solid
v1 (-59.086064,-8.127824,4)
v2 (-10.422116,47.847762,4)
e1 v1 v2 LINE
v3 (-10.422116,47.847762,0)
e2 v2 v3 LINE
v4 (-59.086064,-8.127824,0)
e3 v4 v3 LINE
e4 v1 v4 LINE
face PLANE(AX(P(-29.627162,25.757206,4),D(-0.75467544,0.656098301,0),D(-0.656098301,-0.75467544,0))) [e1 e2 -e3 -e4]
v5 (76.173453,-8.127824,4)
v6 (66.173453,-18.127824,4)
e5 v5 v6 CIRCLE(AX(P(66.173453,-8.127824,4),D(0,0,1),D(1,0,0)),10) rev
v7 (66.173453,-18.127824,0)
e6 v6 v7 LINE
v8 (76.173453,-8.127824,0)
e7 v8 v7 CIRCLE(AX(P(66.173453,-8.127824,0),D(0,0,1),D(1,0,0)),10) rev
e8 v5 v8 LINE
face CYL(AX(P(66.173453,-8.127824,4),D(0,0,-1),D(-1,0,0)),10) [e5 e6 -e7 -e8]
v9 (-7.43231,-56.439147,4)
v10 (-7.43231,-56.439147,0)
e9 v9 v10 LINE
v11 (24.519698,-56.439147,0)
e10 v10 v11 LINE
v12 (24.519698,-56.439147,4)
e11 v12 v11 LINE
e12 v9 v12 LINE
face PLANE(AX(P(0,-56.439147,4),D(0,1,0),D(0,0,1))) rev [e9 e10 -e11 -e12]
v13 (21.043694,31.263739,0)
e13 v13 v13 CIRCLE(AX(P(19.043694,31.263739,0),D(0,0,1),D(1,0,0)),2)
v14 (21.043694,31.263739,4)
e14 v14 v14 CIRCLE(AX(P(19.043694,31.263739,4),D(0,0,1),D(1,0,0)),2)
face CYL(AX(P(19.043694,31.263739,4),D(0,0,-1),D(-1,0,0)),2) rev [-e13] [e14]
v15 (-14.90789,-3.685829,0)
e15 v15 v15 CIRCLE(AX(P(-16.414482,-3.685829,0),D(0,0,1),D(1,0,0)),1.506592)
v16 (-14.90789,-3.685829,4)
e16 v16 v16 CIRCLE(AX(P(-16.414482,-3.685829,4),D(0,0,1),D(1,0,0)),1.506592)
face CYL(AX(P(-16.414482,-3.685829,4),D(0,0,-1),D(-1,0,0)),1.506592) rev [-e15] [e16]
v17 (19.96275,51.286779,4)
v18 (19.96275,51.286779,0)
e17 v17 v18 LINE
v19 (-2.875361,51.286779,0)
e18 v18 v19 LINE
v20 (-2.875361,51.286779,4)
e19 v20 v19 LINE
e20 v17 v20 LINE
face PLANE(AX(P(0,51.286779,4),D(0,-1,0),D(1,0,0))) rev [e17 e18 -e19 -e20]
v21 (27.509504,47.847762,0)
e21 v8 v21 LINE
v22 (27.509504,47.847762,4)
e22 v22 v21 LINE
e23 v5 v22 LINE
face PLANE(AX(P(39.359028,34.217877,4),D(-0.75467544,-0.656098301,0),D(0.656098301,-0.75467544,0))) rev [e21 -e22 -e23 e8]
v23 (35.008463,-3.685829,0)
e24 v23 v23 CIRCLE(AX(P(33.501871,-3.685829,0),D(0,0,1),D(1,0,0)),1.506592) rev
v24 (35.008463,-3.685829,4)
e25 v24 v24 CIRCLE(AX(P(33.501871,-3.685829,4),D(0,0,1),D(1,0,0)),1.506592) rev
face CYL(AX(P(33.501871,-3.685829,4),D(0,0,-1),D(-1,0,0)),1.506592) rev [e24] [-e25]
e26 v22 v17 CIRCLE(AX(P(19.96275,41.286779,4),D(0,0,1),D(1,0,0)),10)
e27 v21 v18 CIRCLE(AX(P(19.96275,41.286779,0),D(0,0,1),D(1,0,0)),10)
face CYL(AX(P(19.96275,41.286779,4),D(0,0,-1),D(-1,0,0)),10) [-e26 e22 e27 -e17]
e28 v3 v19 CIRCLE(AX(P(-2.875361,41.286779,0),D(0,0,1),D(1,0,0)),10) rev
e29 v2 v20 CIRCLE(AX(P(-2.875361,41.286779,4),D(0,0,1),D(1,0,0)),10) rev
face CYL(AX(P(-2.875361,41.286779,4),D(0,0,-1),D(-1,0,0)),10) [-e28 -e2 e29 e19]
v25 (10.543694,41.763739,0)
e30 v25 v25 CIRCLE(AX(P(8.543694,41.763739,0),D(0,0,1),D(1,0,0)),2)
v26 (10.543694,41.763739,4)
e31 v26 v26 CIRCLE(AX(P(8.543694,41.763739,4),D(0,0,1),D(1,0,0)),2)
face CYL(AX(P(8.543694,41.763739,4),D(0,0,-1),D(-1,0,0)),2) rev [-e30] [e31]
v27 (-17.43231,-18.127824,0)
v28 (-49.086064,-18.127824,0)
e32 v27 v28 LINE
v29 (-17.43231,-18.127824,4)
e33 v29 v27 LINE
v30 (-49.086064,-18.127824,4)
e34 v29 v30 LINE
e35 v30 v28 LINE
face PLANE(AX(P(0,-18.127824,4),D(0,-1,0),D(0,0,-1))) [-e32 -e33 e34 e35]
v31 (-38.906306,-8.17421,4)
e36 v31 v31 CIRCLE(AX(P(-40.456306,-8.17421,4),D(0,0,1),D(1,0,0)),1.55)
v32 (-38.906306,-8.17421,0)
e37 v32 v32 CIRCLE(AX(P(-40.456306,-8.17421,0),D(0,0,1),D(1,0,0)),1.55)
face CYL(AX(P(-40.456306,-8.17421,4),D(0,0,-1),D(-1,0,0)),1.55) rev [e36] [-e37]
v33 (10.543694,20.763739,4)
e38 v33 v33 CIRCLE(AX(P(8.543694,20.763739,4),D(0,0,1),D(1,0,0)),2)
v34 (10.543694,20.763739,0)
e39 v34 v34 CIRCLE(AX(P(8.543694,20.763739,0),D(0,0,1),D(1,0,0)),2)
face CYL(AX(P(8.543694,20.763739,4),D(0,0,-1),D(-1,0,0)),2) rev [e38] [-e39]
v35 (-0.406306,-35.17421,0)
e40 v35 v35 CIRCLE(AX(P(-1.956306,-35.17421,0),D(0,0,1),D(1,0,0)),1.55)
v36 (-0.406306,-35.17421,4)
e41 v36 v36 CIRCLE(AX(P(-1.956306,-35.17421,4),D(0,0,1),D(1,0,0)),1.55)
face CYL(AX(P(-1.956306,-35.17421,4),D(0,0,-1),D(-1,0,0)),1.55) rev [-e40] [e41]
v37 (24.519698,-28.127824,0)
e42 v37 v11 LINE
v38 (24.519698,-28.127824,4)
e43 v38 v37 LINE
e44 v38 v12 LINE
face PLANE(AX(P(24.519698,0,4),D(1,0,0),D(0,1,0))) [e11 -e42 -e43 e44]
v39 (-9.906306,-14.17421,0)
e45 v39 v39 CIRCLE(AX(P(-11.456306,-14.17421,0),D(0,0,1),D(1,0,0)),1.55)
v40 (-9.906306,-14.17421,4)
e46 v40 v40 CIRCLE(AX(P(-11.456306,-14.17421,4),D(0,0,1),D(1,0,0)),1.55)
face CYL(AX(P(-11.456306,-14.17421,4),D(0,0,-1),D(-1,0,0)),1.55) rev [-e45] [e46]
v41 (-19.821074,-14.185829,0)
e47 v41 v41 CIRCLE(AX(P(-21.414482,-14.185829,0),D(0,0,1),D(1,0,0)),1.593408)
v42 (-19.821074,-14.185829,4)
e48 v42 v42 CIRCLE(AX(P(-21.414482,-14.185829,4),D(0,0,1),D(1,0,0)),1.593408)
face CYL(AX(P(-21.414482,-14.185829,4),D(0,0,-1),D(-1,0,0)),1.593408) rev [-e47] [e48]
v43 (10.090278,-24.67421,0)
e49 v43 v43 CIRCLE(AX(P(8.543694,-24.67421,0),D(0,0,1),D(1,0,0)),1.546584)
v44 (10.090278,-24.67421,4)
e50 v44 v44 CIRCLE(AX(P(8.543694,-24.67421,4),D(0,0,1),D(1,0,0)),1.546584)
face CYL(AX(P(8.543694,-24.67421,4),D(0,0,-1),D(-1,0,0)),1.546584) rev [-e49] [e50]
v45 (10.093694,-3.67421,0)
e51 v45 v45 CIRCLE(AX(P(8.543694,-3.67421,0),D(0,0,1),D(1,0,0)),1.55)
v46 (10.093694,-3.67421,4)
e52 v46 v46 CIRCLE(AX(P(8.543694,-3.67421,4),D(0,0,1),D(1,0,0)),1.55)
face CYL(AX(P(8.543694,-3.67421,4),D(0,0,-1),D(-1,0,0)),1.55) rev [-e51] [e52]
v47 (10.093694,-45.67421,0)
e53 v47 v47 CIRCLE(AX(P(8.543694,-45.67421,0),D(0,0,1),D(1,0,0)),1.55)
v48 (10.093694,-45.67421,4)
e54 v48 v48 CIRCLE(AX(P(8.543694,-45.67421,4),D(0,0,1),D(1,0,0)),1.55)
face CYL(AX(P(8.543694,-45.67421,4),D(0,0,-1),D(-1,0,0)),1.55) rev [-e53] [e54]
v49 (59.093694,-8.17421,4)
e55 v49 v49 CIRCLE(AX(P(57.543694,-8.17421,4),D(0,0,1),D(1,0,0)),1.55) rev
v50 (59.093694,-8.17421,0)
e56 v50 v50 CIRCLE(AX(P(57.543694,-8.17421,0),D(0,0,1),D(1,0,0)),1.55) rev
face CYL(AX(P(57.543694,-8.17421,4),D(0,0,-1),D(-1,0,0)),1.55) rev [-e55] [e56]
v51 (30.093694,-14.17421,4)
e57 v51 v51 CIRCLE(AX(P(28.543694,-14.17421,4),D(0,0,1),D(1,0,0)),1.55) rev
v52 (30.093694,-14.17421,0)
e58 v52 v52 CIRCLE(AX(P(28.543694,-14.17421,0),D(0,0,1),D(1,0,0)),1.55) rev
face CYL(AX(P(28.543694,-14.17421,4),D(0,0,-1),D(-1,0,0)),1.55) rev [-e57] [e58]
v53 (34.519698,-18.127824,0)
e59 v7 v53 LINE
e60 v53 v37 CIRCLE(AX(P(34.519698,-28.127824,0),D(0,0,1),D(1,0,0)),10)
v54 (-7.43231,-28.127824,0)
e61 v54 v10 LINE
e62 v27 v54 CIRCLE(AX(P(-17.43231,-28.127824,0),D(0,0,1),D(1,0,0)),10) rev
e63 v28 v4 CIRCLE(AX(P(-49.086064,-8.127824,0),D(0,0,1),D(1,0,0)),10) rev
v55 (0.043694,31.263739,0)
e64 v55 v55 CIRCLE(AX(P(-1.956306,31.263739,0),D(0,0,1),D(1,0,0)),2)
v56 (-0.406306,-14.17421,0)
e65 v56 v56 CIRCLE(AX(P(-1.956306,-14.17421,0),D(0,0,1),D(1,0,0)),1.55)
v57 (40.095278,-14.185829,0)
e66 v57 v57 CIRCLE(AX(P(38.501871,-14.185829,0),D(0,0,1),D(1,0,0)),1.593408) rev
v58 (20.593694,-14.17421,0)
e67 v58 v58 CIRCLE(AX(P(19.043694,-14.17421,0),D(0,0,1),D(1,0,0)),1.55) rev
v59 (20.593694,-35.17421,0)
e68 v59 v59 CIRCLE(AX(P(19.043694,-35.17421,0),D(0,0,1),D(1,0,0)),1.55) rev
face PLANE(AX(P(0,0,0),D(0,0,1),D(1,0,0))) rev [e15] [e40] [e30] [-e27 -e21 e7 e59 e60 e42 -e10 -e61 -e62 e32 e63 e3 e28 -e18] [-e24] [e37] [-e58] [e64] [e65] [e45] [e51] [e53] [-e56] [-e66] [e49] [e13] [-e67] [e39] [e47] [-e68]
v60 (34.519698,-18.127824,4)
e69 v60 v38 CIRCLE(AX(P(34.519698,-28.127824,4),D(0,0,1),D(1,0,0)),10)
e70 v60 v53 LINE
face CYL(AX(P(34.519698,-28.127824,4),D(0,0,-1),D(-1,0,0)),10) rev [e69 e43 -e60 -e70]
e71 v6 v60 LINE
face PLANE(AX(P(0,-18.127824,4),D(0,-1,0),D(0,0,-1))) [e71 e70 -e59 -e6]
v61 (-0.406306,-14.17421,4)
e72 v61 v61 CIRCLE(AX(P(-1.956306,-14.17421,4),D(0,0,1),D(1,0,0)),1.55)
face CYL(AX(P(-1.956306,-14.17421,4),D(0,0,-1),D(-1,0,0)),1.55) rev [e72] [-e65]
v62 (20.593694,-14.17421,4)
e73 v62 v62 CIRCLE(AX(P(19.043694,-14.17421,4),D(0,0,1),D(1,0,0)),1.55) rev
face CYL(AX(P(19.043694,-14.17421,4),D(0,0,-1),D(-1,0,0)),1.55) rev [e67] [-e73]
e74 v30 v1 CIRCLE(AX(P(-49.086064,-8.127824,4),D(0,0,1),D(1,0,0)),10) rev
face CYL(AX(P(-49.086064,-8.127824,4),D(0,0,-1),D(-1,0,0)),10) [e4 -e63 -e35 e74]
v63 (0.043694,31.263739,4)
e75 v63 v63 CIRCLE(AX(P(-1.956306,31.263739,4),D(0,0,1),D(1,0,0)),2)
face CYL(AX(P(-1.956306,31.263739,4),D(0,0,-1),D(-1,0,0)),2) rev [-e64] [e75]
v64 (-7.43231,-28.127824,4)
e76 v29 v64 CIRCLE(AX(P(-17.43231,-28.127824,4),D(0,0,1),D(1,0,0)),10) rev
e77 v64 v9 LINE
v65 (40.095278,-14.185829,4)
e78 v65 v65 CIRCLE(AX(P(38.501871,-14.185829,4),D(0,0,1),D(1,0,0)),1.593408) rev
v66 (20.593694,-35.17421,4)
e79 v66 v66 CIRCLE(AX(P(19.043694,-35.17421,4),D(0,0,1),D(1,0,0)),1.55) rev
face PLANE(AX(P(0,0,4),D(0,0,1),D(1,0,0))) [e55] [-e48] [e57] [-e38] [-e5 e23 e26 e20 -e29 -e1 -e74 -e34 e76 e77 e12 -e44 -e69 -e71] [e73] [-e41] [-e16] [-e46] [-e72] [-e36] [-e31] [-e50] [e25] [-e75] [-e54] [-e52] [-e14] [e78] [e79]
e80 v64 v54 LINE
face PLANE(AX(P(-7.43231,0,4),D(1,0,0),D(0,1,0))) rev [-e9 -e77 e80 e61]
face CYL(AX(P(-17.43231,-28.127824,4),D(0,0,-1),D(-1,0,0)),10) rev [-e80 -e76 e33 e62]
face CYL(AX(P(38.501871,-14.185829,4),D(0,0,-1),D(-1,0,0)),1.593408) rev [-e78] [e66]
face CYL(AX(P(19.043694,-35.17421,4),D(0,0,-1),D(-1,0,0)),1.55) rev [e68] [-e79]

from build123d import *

# Parameters (mm, degrees)
SKETCH_1_R      = 1.55
SKETCH_1_R_2    = 1.593407699
SKETCH_1_R_3    = 1.506592301
SKETCH_1_R_4    = 1.546583653
SKETCH_1_R_5    = 2
EXTRUDE_1_DEPTH = 4


with BuildPart() as part:
    # 草图1 → 凸台-拉伸1 (new body)
    with BuildSketch(Plane.XY):
        with BuildLine():
            Line((-49.086064172, -18.127823684), (-41.682309555, -18.127823684))
            Line((-41.682309555, -18.127823684), (-17.432309555, -18.127823684))
            ThreePointArc((-17.432309555, -18.127823684), (-10.361241743, -21.056755872), (-7.432309555, -28.127823684))
            Line((-7.432309555, -28.127823684), (-7.432309555, -56.439146577))
            Line((-7.432309555, -56.439146577), (24.519698232, -56.439146577))
            Line((24.519698232, -56.439146577), (24.519698232, -28.127823684))
            ThreePointArc((24.519698232, -28.127823684), (27.44863042, -21.056755872), (34.519698232, -18.127823684))
            Line((34.519698232, -18.127823684), (58.769698232, -18.127823684))
            Line((58.769698232, -18.127823684), (66.173452848, -18.127823684))
            ThreePointArc((66.173452848, -18.127823684), (73.24452066, -15.198891495), (76.173452848, -8.127823684))
            Line((76.173452848, -8.127823684), (27.509504294, 47.847762189))
            ThreePointArc((27.509504294, 47.847762189), (24.109445562, 50.386499783), (19.962749895, 51.28677918))
            Line((19.962749895, 51.28677918), (8.543694338, 51.28677918))
            Line((8.543694338, 51.28677918), (-2.875361218, 51.28677918))
            ThreePointArc((-2.875361218, 51.28677918), (-7.022056885, 50.386499783), (-10.422115617, 47.847762189))
            Line((-10.422115617, 47.847762189), (-59.086064172, -8.127823684))
            ThreePointArc((-59.086064172, -8.127823684), (-56.157131983, -15.198891495), (-49.086064172, -18.127823684))
        make_face()
        with Locations((-1.956305662, -35.174209618)):
            Circle(SKETCH_1_R, mode=Mode.SUBTRACT)
        with Locations((-40.456305662, -8.174209618)):
            Circle(SKETCH_1_R, mode=Mode.SUBTRACT)
        with Locations((-21.414481972, -14.185828882)):
            Circle(SKETCH_1_R_2, mode=Mode.SUBTRACT)
        with Locations((-11.456305662, -14.174209618)):
            Circle(SKETCH_1_R, mode=Mode.SUBTRACT)
        with Locations((-16.414481972, -3.685828882)):
            Circle(SKETCH_1_R_3, mode=Mode.SUBTRACT)
        with Locations((-1.956305662, -14.174209618)):
            Circle(SKETCH_1_R, mode=Mode.SUBTRACT)
        with Locations((8.543694338, -45.674209618)):
            Circle(SKETCH_1_R, mode=Mode.SUBTRACT)
        with Locations((19.043694338, -35.174209618)):
            Circle(SKETCH_1_R, mode=Mode.SUBTRACT)
        with Locations((8.543694338, -24.674209618)):
            Circle(SKETCH_1_R_4, mode=Mode.SUBTRACT)
        with Locations((19.043694338, -14.174209618)):
            Circle(SKETCH_1_R, mode=Mode.SUBTRACT)
        with Locations((8.543694338, -3.674209618)):
            Circle(SKETCH_1_R, mode=Mode.SUBTRACT)
        with Locations((28.543694338, -14.174209618)):
            Circle(SKETCH_1_R, mode=Mode.SUBTRACT)
        with Locations((38.501870648, -14.185828882)):
            Circle(SKETCH_1_R_2, mode=Mode.SUBTRACT)
        with Locations((33.501870648, -3.685828882)):
            Circle(SKETCH_1_R_3, mode=Mode.SUBTRACT)
        with Locations((57.543694338, -8.174209618)):
            Circle(SKETCH_1_R, mode=Mode.SUBTRACT)
        with Locations((-1.956305662, 31.263738804)):
            Circle(SKETCH_1_R_5, mode=Mode.SUBTRACT)
        with Locations((8.543694338, 20.763738804)):
            Circle(SKETCH_1_R_5, mode=Mode.SUBTRACT)
        with Locations((19.043694338, 31.263738804)):
            Circle(SKETCH_1_R_5, mode=Mode.SUBTRACT)
        with Locations((8.543694338, 41.763738804)):
            Circle(SKETCH_1_R_5, mode=Mode.SUBTRACT)
    extrude(amount=EXTRUDE_1_DEPTH)


solid = part.part
